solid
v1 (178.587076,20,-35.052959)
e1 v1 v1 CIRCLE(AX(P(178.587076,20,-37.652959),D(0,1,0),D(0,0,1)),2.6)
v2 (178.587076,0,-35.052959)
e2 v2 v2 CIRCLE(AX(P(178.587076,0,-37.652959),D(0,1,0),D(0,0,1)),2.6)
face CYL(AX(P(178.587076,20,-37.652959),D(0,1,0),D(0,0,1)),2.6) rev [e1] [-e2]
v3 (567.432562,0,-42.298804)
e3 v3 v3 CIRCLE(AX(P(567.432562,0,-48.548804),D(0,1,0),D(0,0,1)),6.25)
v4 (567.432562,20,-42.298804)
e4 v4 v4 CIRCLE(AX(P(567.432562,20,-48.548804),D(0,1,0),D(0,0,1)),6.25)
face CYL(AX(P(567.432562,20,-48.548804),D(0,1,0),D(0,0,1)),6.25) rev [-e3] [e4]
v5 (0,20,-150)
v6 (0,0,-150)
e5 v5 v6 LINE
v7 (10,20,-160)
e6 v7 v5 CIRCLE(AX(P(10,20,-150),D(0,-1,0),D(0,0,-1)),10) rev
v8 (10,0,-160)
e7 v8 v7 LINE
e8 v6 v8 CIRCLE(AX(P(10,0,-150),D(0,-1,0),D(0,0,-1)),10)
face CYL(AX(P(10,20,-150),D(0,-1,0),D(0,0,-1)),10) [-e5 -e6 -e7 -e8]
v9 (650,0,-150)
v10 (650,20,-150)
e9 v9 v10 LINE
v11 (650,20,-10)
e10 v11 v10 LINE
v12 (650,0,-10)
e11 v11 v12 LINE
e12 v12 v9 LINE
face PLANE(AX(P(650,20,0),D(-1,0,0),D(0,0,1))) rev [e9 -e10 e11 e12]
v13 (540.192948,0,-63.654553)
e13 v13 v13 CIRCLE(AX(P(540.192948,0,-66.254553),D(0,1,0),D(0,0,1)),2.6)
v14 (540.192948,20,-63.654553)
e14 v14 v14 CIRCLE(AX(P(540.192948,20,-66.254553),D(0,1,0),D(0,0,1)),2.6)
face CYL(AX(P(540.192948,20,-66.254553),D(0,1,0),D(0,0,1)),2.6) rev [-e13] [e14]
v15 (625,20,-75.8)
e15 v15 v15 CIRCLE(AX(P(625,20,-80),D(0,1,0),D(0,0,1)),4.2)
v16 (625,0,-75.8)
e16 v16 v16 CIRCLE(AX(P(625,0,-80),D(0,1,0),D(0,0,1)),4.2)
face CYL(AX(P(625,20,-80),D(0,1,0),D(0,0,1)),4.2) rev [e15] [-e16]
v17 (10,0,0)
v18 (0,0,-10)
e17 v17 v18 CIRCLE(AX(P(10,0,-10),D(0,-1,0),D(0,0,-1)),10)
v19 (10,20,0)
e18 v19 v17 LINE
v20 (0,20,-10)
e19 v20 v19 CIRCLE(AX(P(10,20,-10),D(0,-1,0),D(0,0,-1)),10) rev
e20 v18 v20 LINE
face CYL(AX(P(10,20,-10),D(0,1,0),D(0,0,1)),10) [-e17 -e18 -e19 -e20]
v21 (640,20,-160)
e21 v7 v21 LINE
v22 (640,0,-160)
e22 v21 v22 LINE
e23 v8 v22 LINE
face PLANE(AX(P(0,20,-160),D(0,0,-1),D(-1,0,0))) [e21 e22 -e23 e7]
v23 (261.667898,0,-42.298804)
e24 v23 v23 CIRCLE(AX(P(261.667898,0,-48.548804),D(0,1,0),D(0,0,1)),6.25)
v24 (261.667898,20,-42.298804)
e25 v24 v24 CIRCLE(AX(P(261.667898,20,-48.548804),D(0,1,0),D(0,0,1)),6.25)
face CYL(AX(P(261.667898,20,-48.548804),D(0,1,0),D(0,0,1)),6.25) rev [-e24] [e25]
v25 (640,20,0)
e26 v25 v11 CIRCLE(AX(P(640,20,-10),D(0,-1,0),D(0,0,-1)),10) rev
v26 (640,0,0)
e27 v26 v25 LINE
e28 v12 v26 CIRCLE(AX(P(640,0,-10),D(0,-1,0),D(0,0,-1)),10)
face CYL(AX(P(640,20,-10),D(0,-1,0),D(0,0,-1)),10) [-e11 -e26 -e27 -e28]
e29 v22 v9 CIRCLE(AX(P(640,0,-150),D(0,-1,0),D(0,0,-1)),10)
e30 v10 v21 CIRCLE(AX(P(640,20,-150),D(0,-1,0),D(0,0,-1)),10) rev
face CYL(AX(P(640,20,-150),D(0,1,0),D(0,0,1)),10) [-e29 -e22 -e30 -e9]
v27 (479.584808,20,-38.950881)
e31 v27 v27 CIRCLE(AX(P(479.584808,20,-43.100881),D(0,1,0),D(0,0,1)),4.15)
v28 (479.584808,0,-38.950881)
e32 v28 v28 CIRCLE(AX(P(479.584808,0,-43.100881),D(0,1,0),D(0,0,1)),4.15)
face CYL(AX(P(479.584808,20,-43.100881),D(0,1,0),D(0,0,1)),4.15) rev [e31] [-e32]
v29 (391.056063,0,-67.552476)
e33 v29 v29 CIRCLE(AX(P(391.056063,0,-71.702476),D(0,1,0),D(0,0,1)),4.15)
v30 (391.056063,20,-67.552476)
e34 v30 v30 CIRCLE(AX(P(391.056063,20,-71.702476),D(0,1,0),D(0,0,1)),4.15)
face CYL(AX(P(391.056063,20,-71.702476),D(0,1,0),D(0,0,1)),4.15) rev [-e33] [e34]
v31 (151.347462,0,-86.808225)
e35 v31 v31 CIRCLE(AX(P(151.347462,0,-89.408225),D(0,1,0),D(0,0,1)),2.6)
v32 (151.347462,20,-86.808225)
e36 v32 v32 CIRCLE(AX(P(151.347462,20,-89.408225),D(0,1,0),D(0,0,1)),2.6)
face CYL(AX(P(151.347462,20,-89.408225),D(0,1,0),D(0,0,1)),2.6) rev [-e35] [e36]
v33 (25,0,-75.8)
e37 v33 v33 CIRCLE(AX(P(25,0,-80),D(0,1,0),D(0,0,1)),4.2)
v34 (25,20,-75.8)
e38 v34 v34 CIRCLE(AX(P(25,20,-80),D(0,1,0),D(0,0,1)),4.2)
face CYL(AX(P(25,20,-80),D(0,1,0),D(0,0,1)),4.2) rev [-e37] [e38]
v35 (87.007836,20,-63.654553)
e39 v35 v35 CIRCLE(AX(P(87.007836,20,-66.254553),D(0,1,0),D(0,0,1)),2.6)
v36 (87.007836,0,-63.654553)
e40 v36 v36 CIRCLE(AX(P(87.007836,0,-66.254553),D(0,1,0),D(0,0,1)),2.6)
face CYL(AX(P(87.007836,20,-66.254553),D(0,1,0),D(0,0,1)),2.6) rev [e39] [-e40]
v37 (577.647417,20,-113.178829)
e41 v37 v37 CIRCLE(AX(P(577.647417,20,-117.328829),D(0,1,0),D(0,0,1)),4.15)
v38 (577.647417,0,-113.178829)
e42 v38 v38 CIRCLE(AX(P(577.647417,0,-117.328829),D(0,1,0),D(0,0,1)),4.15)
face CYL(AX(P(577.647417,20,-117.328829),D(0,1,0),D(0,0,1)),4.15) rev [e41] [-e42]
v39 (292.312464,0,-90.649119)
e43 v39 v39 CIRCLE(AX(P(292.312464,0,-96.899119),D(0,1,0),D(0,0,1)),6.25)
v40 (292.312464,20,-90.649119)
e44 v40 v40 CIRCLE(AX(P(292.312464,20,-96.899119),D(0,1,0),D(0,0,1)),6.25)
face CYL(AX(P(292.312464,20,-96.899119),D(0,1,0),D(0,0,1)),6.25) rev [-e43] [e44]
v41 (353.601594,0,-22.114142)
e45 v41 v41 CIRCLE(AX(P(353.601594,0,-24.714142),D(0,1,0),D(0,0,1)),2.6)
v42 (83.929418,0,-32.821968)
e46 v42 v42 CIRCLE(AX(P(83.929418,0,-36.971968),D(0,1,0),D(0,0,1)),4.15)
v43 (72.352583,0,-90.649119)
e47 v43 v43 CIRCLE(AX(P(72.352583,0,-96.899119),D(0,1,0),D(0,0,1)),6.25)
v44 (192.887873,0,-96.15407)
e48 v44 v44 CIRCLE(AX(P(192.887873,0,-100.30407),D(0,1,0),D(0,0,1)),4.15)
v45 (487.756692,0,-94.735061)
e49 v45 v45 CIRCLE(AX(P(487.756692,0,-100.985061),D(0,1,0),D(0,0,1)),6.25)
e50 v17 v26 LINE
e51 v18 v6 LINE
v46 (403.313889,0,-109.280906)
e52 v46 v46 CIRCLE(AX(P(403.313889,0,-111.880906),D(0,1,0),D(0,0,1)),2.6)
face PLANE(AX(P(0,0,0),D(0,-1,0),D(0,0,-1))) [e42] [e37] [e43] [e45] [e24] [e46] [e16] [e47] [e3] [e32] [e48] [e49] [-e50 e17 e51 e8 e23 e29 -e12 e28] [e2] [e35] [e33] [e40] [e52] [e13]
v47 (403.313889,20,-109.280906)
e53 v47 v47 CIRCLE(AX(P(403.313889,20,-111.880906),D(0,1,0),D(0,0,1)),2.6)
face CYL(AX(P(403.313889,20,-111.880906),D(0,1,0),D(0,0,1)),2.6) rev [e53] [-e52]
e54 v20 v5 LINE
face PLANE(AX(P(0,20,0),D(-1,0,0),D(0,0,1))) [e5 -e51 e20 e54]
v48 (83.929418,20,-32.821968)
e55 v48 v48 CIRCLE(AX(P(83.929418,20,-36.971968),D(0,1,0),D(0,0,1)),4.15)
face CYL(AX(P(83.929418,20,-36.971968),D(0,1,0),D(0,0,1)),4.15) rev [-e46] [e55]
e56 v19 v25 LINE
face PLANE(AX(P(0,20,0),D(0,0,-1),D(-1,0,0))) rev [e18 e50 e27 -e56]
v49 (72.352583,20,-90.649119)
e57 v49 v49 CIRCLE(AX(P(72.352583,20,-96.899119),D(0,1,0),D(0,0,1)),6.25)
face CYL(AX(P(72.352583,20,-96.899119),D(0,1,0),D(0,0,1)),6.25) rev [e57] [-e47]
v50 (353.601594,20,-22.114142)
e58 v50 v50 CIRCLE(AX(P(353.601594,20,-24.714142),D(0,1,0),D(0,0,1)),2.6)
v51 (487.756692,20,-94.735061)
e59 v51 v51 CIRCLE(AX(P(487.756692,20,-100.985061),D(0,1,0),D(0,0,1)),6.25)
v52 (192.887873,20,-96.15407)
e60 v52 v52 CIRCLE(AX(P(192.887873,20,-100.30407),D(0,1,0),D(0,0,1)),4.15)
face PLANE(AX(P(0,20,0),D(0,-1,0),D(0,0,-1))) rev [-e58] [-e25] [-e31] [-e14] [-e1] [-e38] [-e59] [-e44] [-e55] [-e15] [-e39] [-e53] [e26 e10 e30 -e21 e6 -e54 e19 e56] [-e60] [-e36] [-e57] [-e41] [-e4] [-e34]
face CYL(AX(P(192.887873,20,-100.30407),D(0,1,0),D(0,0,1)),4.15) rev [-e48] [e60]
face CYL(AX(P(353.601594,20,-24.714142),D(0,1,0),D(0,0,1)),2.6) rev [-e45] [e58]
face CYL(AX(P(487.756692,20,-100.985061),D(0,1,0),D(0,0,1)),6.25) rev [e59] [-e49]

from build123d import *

# Parameters (mm, degrees)
SKETCH1_W                    = 650
SKETCH1_H                    = 160
BOSS_EXTRUDE1_DEPTH          = 20
FILLET1_R                    = 10
F_12_5_12_5_DIAMETER_HOLE1_D = 12.5
F_8_3_8_3_DIAMETER_HOLE1_D   = 8.3
F_5_2_5_2_DIAMETER_HOLE1_D   = 5.2
M8_CLEARANCE_HOLE1_D         = 8.4


with BuildPart() as part:
    # Sketch1 → Boss-Extrude1 (new body)
    with BuildSketch(Plane(origin=(0, 0, 0), x_dir=(1, 0, 0), z_dir=(0, 1, 0))):
        with Locations((325, 80)):
            Rectangle(SKETCH1_W, SKETCH1_H)
    extrude(amount=BOSS_EXTRUDE1_DEPTH)

    # Fillet1
    fillet1_edges = [part.edges().sort_by_distance(p)[0] for p in [
        (0, 10, 0),
        (650, 10, 0),
        (650, 10, -160),
        (0, 10, -160),
    ]]
    fillet(fillet1_edges, radius=FILLET1_R)

    # Ø12.5 (12.5) Diameter Hole1 (through all)
    with Locations(Plane(origin=(0, 20, 0), x_dir=(1, 0, 0), z_dir=(0, 1, 0))):
        with Locations((72.352582635, 96.89911856), (261.667898073, 48.548804186), (487.756692049, 100.98506062), (567.432562216, 48.548804186), (292.312463521, 96.89911856)):
            Hole(F_12_5_12_5_DIAMETER_HOLE1_D / 2)

    # Ø8.3 (8.3) Diameter Hole1 (through all)
    with Locations(Plane(origin=(0, 20, 0), x_dir=(1, 0, 0), z_dir=(0, 1, 0))):
        with Locations((192.887873399, 100.304070277), (83.929418471, 36.97196835), (391.0560633, 71.702475858), (577.647417365, 117.32882886), (479.58480793, 43.10088144)):
            Hole(F_8_3_8_3_DIAMETER_HOLE1_D / 2)

    # Ø5.2 (5.2) Diameter Hole1 (through all)
    with Locations(Plane(origin=(0, 20, 0), x_dir=(1, 0, 0), z_dir=(0, 1, 0))):
        with Locations((178.58707619, 37.652958693), (151.347462458, 89.408224784), (353.601594419, 24.71414217), (403.31388948, 111.880906113), (540.192948484, 66.254553112), (87.007836042, 66.254553112)):
            Hole(F_5_2_5_2_DIAMETER_HOLE1_D / 2)

    # M8 Clearance Hole1 (through all)
    with Locations(Plane(origin=(0, 20, 0), x_dir=(1, 0, 0), z_dir=(0, 1, 0))):
        with Locations((625, 80), (25, 80)):
            Hole(M8_CLEARANCE_HOLE1_D / 2)


solid = part.part
